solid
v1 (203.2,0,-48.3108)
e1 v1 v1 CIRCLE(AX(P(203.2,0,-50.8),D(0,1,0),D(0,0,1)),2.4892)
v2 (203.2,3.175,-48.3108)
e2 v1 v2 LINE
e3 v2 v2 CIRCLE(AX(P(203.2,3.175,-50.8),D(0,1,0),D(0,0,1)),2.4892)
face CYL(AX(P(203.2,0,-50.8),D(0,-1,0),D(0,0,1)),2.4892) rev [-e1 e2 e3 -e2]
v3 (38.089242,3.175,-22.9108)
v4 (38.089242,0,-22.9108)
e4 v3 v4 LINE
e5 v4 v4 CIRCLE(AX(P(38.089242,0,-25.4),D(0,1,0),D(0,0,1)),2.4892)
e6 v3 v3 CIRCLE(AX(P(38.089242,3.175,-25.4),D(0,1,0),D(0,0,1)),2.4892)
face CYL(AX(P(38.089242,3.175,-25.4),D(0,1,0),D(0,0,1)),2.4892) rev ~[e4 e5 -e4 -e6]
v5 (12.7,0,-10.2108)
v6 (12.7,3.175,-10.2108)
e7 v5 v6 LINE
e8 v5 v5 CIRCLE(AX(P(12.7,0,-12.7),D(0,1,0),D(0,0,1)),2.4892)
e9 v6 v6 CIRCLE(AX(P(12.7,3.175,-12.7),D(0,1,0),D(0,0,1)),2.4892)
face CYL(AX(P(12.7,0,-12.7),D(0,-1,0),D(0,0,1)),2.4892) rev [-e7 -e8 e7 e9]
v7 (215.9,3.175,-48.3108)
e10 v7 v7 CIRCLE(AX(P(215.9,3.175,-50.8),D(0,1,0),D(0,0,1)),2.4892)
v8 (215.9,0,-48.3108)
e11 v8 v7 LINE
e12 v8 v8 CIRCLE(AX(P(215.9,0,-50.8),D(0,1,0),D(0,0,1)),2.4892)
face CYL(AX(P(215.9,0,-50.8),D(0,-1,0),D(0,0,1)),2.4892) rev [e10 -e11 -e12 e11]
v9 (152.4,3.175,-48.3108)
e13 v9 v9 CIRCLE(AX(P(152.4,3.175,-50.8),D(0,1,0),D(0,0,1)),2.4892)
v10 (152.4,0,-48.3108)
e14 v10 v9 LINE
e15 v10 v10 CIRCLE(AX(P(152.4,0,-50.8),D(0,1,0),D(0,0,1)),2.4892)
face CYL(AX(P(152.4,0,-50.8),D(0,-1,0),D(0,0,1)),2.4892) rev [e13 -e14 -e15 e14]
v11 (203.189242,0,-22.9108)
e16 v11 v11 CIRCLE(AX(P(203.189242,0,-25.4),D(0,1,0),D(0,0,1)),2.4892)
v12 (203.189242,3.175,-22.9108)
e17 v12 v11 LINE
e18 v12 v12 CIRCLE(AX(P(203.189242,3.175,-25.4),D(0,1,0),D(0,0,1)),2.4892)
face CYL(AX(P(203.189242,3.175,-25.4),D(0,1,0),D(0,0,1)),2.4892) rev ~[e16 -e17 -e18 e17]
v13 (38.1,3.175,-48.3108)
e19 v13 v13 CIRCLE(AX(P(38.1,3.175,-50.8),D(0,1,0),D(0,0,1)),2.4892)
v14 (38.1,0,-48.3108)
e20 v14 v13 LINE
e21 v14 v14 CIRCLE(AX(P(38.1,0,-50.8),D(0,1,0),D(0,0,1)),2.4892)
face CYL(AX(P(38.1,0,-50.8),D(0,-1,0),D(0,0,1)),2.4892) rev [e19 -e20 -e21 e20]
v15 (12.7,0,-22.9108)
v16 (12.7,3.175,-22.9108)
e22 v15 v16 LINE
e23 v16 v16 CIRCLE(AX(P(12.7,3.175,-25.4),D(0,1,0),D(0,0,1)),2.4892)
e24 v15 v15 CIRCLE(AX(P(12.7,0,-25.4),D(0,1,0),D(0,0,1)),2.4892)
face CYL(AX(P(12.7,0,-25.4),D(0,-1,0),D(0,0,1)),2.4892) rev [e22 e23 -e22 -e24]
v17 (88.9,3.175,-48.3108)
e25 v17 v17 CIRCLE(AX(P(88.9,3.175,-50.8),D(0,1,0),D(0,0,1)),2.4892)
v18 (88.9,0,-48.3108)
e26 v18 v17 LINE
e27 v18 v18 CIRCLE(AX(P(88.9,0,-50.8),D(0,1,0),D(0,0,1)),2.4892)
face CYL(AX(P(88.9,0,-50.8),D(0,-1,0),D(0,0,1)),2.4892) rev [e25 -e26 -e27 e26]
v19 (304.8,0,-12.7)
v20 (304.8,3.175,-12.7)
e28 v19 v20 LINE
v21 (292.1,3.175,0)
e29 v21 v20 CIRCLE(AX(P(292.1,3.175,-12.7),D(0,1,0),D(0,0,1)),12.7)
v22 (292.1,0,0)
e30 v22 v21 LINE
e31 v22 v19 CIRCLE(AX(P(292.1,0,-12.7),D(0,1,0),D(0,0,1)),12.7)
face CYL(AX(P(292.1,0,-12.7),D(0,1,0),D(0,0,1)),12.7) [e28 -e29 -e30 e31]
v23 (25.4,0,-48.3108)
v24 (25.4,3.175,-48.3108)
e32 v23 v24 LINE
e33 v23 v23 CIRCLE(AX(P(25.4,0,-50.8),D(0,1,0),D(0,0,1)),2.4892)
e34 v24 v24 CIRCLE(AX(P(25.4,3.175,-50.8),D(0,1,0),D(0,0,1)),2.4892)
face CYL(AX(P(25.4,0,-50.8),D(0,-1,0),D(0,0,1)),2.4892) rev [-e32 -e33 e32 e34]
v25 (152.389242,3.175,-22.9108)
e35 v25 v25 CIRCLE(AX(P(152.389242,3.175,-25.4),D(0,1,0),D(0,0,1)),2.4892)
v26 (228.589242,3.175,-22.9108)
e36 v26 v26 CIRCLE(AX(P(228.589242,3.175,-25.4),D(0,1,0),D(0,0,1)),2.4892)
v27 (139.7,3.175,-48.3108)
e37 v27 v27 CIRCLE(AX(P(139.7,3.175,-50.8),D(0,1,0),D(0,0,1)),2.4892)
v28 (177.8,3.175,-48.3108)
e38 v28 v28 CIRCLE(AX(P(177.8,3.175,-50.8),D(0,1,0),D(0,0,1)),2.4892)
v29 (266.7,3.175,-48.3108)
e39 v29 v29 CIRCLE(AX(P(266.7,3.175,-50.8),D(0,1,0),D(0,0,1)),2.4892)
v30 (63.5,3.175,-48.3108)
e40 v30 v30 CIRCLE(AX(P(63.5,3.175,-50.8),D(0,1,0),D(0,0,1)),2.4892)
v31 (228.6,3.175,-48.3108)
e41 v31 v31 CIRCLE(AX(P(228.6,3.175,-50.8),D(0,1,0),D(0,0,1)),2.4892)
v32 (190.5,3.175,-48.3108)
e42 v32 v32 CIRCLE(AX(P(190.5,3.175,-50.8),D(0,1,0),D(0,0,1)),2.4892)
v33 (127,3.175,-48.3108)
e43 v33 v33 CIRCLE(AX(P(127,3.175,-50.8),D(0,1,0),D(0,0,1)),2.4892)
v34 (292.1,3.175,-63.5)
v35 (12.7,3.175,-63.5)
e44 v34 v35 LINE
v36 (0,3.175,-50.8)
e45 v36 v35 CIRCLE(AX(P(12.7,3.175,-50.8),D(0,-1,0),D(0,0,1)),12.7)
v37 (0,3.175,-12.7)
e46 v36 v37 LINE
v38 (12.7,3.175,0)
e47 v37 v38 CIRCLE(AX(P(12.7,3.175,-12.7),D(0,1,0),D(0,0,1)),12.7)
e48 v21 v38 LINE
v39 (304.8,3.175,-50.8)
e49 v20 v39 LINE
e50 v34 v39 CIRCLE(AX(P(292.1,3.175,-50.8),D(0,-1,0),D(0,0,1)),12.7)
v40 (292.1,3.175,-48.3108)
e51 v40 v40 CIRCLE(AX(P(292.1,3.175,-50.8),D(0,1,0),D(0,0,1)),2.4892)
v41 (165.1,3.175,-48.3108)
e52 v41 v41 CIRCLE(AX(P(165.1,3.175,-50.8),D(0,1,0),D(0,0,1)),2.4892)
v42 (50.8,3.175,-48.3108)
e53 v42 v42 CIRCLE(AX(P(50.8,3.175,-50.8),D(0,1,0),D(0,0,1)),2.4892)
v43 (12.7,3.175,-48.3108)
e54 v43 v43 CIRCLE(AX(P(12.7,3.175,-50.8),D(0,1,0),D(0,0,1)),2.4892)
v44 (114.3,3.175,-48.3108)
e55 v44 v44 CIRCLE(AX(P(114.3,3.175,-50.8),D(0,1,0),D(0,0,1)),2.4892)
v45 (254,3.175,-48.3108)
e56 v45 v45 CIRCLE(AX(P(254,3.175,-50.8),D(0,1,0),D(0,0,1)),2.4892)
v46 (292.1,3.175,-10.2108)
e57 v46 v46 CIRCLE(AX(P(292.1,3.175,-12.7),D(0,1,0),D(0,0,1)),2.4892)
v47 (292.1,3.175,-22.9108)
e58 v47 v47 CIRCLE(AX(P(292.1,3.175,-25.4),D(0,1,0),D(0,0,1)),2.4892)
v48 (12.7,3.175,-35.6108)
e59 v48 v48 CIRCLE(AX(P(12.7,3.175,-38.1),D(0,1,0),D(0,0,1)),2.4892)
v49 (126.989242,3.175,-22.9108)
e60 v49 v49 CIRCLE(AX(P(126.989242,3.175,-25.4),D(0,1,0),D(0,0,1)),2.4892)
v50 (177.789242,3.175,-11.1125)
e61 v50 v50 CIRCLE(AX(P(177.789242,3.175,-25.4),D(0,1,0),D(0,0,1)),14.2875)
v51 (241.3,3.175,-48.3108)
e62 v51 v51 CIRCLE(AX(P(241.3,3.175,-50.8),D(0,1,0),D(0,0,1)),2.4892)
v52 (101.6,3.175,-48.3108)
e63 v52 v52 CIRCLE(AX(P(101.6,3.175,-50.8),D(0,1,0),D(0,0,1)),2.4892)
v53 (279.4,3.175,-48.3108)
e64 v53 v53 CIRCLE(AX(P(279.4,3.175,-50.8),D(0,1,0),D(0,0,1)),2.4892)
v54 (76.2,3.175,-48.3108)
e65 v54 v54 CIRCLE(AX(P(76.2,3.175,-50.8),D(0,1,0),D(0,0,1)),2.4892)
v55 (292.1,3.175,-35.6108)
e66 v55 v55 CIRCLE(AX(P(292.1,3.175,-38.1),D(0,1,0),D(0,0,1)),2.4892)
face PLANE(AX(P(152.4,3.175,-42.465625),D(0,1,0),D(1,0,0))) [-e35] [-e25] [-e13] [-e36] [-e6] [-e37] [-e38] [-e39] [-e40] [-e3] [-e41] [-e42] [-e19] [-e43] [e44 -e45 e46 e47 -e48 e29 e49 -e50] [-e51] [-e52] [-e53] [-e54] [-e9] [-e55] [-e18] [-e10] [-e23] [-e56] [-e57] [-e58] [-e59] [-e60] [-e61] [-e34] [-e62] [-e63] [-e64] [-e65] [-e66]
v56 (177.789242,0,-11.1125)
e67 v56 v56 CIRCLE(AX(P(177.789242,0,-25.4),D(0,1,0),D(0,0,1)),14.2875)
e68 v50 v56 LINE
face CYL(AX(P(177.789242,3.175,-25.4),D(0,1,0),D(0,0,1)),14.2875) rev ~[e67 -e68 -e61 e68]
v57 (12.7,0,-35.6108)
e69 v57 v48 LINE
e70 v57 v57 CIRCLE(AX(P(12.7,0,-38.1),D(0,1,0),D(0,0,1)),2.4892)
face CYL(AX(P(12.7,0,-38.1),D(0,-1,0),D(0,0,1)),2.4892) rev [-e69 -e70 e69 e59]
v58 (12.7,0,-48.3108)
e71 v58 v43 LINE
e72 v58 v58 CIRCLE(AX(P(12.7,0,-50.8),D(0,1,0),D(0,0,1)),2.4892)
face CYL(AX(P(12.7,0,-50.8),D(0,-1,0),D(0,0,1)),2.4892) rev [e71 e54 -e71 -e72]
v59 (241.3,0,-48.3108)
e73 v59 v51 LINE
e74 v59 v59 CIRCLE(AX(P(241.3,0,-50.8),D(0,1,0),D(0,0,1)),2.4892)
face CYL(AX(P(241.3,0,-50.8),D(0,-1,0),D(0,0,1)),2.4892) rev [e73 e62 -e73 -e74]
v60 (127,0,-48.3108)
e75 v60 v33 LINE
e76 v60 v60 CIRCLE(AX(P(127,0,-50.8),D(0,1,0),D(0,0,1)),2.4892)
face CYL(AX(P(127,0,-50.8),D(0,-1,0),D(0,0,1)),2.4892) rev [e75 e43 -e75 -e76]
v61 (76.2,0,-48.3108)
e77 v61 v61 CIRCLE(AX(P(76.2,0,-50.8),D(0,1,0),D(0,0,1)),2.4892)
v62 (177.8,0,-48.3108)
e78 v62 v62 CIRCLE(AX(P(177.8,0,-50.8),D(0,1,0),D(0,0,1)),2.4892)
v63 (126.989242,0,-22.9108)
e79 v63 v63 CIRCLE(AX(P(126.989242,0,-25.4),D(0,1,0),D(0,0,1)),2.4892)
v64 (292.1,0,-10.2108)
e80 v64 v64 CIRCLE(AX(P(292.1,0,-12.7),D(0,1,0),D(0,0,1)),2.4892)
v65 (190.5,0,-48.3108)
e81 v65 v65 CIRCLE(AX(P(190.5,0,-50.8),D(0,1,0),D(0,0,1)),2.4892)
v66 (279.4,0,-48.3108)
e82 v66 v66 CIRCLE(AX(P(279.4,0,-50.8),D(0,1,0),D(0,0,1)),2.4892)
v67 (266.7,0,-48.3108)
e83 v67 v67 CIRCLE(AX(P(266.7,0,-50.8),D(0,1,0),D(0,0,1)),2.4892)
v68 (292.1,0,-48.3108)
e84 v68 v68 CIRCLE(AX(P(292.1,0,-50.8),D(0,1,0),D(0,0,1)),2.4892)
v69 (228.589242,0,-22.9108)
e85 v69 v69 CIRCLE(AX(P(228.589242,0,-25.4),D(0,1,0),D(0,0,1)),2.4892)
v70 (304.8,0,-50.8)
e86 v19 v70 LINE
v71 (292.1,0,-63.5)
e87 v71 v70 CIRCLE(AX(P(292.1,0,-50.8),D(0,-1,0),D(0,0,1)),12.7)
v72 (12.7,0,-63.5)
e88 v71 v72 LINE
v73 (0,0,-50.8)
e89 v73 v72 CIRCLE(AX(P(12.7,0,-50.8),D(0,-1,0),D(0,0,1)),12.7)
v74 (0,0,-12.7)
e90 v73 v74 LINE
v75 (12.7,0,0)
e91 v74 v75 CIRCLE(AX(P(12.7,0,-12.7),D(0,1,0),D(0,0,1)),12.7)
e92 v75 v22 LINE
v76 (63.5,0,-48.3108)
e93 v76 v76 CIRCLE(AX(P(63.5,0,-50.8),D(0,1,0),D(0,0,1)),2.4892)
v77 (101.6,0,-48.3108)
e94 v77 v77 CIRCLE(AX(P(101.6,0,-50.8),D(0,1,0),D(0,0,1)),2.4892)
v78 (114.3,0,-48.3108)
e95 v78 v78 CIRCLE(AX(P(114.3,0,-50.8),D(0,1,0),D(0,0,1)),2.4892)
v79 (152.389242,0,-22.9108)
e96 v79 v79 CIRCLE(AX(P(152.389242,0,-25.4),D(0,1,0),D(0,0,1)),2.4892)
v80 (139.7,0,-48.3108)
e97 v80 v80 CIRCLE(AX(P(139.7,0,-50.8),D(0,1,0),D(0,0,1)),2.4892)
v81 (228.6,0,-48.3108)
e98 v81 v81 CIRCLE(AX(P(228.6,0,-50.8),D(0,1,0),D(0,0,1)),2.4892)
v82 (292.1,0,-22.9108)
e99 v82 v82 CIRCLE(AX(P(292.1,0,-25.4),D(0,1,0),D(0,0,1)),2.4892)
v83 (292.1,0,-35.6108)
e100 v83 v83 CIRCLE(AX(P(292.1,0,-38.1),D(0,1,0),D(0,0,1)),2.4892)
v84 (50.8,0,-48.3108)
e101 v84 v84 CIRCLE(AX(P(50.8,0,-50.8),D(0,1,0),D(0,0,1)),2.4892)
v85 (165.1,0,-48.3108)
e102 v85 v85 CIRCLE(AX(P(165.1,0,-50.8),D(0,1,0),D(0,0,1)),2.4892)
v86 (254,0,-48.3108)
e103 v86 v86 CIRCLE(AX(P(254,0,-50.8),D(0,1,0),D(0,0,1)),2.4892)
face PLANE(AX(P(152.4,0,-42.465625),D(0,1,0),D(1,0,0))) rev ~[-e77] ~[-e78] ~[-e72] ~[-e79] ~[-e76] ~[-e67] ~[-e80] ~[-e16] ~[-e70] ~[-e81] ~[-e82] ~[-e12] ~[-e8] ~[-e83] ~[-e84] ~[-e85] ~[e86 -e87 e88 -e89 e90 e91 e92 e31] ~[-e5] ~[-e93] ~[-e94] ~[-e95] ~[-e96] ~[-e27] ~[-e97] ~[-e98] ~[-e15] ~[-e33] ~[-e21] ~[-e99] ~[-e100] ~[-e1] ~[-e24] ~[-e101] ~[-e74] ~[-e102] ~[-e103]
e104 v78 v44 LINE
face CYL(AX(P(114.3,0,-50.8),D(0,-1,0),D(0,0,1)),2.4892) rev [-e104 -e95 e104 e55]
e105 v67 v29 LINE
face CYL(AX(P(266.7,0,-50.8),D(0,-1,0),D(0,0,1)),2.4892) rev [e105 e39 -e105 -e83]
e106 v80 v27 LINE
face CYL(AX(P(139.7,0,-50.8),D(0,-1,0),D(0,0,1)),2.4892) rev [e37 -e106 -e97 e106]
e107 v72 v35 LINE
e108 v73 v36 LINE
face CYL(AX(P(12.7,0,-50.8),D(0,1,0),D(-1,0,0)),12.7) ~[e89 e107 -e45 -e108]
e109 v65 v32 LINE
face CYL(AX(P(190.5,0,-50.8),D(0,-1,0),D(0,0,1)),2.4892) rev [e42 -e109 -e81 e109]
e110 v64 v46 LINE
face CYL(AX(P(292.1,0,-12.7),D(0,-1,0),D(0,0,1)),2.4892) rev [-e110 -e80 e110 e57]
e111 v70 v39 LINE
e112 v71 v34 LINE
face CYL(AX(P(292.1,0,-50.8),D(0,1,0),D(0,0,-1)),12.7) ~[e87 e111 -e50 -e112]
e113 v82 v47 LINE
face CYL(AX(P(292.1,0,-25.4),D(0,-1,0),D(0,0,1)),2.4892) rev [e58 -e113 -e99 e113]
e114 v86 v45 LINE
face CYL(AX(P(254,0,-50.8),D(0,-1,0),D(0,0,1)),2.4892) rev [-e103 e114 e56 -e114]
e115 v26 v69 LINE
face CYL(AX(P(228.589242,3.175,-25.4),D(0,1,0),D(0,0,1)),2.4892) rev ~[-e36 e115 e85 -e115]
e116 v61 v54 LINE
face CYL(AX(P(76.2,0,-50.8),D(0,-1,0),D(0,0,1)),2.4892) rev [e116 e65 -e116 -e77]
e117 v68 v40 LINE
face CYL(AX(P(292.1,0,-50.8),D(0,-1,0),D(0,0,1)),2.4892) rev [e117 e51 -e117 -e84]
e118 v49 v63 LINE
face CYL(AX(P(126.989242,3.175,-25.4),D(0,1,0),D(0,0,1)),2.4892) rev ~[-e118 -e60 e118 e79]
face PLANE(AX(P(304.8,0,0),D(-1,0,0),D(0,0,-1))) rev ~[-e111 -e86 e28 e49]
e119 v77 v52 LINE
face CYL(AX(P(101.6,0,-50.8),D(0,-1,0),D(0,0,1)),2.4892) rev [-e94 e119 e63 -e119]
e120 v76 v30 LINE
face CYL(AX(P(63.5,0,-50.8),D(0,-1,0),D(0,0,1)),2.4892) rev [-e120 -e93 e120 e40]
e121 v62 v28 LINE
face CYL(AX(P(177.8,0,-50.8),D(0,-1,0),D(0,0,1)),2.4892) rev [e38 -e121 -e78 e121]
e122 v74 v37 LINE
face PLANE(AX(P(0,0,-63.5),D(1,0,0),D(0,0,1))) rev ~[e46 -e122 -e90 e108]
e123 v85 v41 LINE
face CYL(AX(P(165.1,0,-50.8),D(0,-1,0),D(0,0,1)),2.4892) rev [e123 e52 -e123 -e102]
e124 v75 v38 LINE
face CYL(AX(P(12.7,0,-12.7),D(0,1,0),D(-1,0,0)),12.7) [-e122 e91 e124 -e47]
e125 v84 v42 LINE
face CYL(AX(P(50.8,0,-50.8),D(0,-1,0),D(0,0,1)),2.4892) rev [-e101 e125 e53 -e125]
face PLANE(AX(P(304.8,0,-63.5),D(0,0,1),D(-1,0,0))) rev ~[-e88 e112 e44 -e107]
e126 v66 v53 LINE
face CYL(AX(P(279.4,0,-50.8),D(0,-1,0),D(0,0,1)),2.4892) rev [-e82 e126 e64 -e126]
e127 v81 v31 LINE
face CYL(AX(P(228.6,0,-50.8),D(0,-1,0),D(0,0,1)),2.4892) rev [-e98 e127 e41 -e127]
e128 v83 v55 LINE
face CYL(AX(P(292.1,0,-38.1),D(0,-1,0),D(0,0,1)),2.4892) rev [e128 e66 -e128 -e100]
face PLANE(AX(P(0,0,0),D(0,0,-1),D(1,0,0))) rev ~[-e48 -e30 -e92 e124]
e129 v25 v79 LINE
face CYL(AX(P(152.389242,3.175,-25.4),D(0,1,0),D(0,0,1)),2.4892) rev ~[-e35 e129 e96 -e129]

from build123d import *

# Parameters (mm, degrees)
SKETCH1_W           = 254
SKETCH1_H           = 38.1
SKETCH1_R           = 2.4892
BOSS_EXTRUDE1_DEPTH = 3.175
SKETCH3_R           = 2.4892
SKETCH3_R_2         = 14.2875
CUT_EXTRUDE1_DEPTH  = 312.36051552
FILLET1_R           = 12.7


with BuildPart() as part:
    # Sketch1 → Boss-Extrude1 (new body)
    # profile 1 of 2: a face of its own
    with BuildSketch(Plane(origin=(0, 0, 0), x_dir=(1, 0, 0), z_dir=(0, 1, 0))):
        with Locations((152.4, 19.05)):
            Rectangle(SKETCH1_W, SKETCH1_H)
    # profile 2 of 2: a face of its own
    with BuildSketch(Plane(origin=(0, 0, 0), x_dir=(1, 0, 0), z_dir=(0, 1, 0))):
        Polygon((0, 63.5), (0, 0), (25.4, 0), (25.4, 38.1), (279.4, 38.1), (279.4, 0), (304.8, 0), (304.8, 63.5), align=None)
        with Locations(Location((12.7, 12.7, 0), (0, 0, 270))):
            Circle(SKETCH1_R, mode=Mode.SUBTRACT)
        with Locations(Location((12.7, 25.4, 0), (0, 0, 270))):
            Circle(SKETCH1_R, mode=Mode.SUBTRACT)
        with Locations(Location((292.1, 12.7, 0), (0, 0, 270))):
            Circle(SKETCH1_R, mode=Mode.SUBTRACT)
        with Locations(Location((292.1, 25.4, 0), (0, 0, 270))):
            Circle(SKETCH1_R, mode=Mode.SUBTRACT)
        with Locations(Location((12.7, 38.1, 0), (0, 0, 270))):
            Circle(SKETCH1_R, mode=Mode.SUBTRACT)
        with Locations(Location((12.7, 50.8, 0), (0, 0, 270))):
            Circle(SKETCH1_R, mode=Mode.SUBTRACT)
        with Locations(Location((25.4, 50.8, 0), (0, 0, 270))):
            Circle(SKETCH1_R, mode=Mode.SUBTRACT)
        with Locations(Location((38.1, 50.8, 0), (0, 0, 270))):
            Circle(SKETCH1_R, mode=Mode.SUBTRACT)
        with Locations(Location((50.8, 50.8, 0), (0, 0, 270))):
            Circle(SKETCH1_R, mode=Mode.SUBTRACT)
        with Locations(Location((63.5, 50.8, 0), (0, 0, 270))):
            Circle(SKETCH1_R, mode=Mode.SUBTRACT)
        with Locations(Location((76.2, 50.8, 0), (0, 0, 270))):
            Circle(SKETCH1_R, mode=Mode.SUBTRACT)
        with Locations(Location((88.9, 50.8, 0), (0, 0, 270))):
            Circle(SKETCH1_R, mode=Mode.SUBTRACT)
        with Locations(Location((101.6, 50.8, 0), (0, 0, 270))):
            Circle(SKETCH1_R, mode=Mode.SUBTRACT)
        with Locations(Location((114.3, 50.8, 0), (0, 0, 270))):
            Circle(SKETCH1_R, mode=Mode.SUBTRACT)
        with Locations(Location((127, 50.8, 0), (0, 0, 270))):
            Circle(SKETCH1_R, mode=Mode.SUBTRACT)
        with Locations(Location((139.7, 50.8, 0), (0, 0, 270))):
            Circle(SKETCH1_R, mode=Mode.SUBTRACT)
        with Locations(Location((152.4, 50.8, 0), (0, 0, 270))):
            Circle(SKETCH1_R, mode=Mode.SUBTRACT)
        with Locations(Location((292.1, 38.1, 0), (0, 0, 270))):
            Circle(SKETCH1_R, mode=Mode.SUBTRACT)
        with Locations(Location((165.1, 50.8, 0), (0, 0, 270))):
            Circle(SKETCH1_R, mode=Mode.SUBTRACT)
        with Locations(Location((177.8, 50.8, 0), (0, 0, 270))):
            Circle(SKETCH1_R, mode=Mode.SUBTRACT)
        with Locations(Location((190.5, 50.8, 0), (0, 0, 270))):
            Circle(SKETCH1_R, mode=Mode.SUBTRACT)
        with Locations(Location((203.2, 50.8, 0), (0, 0, 270))):
            Circle(SKETCH1_R, mode=Mode.SUBTRACT)
        with Locations(Location((215.9, 50.8, 0), (0, 0, 270))):
            Circle(SKETCH1_R, mode=Mode.SUBTRACT)
        with Locations(Location((228.6, 50.8, 0), (0, 0, 270))):
            Circle(SKETCH1_R, mode=Mode.SUBTRACT)
        with Locations(Location((241.3, 50.8, 0), (0, 0, 270))):
            Circle(SKETCH1_R, mode=Mode.SUBTRACT)
        with Locations(Location((254, 50.8, 0), (0, 0, 270))):
            Circle(SKETCH1_R, mode=Mode.SUBTRACT)
        with Locations(Location((266.7, 50.8, 0), (0, 0, 270))):
            Circle(SKETCH1_R, mode=Mode.SUBTRACT)
        with Locations(Location((279.4, 50.8, 0), (0, 0, 270))):
            Circle(SKETCH1_R, mode=Mode.SUBTRACT)
        with Locations(Location((292.1, 50.8, 0), (0, 0, 270))):
            Circle(SKETCH1_R, mode=Mode.SUBTRACT)
    extrude(amount=BOSS_EXTRUDE1_DEPTH)

    # Sketch3 → Cut-Extrude1 (cut, through all)
    with BuildSketch(Plane(origin=(0, 3.175, 0), x_dir=(1, 0, 0), z_dir=(0, 1, 0))):
        with Locations(Location((126.98924183, 25.4, 0), (0, 0, 270))):
            Circle(SKETCH3_R)
        with Locations(Location((177.78924183, 25.4, 0), (0, 0, 270))):
            Circle(SKETCH3_R_2)
        with Locations(Location((228.58924183, 25.4, 0), (0, 0, 270))):
            Circle(SKETCH3_R)
        with Locations(Location((38.08924183, 25.4, 0), (0, 0, 270))):
            Circle(SKETCH3_R)
        with Locations(Location((152.38924183, 25.4, 0), (0, 0, 270))):
            Circle(SKETCH3_R)
        with Locations(Location((203.18924183, 25.4, 0), (0, 0, 270))):
            Circle(SKETCH3_R)
    extrude(amount=-CUT_EXTRUDE1_DEPTH, mode=Mode.SUBTRACT)

    # Fillet1
    fillet1_edges = [part.edges().sort_by_distance(p)[0] for p in [
        (0, 1.5875, -63.5),
        (304.8, 1.5875, -63.5),
        (304.8, 1.5875, 0),
        (0, 1.5875, 0),
    ]]
    fillet(fillet1_edges, radius=FILLET1_R)


solid = part.part
